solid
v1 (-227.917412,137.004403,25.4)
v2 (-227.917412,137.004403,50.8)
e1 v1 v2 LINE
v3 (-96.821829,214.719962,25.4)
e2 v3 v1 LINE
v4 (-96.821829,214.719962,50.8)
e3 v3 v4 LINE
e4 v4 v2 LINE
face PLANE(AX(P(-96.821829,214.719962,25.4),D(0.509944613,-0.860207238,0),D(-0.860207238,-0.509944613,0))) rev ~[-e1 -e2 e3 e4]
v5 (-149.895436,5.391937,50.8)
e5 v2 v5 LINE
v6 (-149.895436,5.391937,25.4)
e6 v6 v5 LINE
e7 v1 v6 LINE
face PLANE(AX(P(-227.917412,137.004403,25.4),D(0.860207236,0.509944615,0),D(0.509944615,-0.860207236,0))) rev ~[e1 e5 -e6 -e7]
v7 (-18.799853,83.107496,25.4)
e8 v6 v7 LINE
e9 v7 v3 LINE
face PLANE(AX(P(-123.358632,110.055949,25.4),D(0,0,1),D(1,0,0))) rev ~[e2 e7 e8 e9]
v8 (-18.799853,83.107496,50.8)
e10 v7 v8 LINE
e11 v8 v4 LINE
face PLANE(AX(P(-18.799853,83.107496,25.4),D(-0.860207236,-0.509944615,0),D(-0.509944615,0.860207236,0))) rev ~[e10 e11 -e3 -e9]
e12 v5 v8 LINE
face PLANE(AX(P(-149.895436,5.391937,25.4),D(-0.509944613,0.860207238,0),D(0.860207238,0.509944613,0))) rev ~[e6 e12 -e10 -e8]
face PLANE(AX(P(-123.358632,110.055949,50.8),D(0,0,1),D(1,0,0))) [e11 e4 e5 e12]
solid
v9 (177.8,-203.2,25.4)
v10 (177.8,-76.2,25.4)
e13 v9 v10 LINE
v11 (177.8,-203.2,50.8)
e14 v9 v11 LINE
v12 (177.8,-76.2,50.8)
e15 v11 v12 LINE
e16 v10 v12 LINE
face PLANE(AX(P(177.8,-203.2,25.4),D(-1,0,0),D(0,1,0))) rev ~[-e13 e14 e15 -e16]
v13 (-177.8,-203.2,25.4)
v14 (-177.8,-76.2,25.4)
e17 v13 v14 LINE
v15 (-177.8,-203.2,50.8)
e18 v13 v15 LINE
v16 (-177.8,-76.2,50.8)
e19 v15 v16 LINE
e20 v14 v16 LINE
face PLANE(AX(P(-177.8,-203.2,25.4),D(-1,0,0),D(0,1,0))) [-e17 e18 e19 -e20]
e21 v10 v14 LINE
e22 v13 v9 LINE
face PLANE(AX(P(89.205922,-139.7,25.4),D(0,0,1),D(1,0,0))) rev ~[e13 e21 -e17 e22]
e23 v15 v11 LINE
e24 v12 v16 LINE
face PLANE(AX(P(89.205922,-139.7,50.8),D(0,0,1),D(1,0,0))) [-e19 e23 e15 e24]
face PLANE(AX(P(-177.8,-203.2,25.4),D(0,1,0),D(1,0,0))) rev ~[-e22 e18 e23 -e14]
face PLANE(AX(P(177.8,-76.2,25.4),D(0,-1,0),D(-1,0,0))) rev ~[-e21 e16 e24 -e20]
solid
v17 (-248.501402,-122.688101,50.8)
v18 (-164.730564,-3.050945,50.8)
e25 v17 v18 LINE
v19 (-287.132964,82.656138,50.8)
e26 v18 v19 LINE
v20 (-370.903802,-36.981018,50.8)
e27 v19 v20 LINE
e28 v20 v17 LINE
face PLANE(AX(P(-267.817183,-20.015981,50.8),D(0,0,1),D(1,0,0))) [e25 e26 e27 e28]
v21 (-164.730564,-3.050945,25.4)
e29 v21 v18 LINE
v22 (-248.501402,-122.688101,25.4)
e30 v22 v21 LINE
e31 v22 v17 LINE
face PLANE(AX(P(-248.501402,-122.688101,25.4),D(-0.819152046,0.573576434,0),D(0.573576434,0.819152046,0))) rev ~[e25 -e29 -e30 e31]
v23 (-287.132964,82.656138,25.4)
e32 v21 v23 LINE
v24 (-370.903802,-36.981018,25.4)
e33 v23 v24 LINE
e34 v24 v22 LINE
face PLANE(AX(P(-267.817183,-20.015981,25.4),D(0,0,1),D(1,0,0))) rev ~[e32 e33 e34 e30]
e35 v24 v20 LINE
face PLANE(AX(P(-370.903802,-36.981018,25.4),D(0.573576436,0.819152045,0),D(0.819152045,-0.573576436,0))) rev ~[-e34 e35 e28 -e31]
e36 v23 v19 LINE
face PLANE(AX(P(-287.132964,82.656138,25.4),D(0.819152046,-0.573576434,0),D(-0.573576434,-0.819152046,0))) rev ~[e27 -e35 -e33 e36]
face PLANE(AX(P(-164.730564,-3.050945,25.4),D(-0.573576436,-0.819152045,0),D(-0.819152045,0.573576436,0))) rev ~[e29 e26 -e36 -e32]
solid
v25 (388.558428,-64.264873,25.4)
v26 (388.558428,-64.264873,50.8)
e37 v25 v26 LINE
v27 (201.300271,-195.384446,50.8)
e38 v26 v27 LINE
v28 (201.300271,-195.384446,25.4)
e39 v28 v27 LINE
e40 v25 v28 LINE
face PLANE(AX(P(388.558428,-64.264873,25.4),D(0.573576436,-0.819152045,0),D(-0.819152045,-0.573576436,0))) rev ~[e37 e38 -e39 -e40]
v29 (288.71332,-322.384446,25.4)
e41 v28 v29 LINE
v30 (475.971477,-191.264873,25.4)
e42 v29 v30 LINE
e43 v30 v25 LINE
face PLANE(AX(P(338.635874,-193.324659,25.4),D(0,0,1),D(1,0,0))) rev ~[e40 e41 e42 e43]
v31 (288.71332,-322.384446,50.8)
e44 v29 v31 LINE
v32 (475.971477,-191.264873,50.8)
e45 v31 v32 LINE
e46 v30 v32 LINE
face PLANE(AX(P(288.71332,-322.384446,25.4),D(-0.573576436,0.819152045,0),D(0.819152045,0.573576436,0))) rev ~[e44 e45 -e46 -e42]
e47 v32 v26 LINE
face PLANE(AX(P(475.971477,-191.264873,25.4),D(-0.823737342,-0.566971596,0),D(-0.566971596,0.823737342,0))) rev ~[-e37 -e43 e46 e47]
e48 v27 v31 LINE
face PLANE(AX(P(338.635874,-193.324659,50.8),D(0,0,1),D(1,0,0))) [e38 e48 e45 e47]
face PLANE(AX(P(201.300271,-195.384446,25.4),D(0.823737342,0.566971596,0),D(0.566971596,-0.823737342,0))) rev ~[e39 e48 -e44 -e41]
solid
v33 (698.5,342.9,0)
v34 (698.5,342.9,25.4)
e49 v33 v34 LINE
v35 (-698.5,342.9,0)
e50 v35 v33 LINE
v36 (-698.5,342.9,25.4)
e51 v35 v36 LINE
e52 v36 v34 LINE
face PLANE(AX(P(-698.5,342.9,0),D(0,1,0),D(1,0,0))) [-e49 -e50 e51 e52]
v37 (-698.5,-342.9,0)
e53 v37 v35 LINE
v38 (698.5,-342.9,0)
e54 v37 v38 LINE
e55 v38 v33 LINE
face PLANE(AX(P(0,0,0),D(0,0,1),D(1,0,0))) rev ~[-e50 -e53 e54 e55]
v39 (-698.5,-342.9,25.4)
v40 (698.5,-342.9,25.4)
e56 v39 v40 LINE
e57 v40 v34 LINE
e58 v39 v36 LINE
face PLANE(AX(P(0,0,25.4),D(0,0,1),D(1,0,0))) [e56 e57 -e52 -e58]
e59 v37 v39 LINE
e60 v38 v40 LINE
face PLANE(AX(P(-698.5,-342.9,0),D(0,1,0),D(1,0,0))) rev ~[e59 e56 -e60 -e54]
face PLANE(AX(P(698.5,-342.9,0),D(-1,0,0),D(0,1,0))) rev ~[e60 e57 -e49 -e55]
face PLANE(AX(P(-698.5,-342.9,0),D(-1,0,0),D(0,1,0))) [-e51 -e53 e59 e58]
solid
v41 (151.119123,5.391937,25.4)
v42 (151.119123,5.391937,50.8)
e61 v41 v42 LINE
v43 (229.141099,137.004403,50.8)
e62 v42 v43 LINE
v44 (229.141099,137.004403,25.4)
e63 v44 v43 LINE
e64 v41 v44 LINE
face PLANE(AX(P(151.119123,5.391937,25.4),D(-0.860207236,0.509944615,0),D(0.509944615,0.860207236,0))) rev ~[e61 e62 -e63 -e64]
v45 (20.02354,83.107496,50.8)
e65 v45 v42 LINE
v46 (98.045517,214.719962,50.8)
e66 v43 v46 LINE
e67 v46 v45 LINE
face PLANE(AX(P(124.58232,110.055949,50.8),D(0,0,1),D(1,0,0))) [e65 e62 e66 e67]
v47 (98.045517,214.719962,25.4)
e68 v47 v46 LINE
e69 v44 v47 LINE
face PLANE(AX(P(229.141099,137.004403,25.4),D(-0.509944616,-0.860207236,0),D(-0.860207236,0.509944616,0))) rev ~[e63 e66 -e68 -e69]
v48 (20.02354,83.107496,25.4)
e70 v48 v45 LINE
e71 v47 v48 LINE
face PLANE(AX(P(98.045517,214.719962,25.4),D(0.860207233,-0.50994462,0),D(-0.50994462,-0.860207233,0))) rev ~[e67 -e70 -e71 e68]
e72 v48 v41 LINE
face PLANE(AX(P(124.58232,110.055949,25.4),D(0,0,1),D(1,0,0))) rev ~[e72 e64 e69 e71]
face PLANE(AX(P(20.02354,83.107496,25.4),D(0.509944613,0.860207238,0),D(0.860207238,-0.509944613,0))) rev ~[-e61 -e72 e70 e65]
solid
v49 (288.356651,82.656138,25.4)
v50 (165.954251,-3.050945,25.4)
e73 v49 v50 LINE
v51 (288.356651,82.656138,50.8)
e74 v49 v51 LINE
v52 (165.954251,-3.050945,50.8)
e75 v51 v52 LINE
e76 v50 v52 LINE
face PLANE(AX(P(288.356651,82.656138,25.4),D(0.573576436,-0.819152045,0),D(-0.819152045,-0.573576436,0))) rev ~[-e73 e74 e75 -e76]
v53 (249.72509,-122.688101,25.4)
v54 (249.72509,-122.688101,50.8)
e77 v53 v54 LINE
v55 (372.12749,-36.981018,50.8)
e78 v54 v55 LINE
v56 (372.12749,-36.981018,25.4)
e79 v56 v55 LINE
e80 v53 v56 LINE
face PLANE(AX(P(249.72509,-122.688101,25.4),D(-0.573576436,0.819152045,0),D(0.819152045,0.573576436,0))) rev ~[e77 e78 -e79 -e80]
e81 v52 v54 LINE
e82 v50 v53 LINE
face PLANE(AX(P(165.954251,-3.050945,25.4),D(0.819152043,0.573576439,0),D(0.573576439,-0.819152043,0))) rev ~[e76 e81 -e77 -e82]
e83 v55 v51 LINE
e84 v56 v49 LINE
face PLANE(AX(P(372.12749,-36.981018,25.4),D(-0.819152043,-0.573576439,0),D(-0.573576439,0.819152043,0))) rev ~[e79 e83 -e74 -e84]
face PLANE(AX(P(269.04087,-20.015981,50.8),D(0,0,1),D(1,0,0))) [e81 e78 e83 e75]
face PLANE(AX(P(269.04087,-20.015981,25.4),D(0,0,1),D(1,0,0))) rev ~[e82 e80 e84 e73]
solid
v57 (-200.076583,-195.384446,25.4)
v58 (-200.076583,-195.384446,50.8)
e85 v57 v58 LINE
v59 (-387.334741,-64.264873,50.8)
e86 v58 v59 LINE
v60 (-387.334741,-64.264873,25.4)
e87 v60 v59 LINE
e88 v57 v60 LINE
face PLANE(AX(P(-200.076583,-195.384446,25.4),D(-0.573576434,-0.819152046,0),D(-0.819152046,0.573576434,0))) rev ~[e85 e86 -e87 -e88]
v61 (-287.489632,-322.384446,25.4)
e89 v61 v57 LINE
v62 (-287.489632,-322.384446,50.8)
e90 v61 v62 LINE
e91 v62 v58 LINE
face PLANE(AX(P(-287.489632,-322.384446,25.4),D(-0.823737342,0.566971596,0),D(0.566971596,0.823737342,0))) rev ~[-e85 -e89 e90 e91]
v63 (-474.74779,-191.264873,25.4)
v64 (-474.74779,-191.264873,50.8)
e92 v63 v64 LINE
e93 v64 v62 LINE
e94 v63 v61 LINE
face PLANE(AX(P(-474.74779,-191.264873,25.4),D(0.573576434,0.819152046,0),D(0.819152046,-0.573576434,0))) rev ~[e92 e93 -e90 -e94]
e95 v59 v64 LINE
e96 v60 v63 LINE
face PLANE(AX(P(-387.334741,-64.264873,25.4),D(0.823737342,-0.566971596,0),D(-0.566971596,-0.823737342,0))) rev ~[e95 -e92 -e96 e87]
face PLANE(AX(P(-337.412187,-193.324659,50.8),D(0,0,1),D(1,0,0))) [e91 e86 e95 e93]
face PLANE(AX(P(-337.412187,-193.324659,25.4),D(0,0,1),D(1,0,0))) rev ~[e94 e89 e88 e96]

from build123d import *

# Parameters (mm, degrees)
F0_W     = 1397
F0_H     = 685.8
F1_DEPTH = 25.4
F2_W     = 177.188156
F2_H     = 127
F2_W_2   = 178.411844
F3_DEPTH = 25.4


with BuildPart() as f1:
    # F0 (on Top) → F1 (new body)
    with BuildSketch(Plane.XY):
        Rectangle(F0_W, F0_H)
    extrude(amount=F1_DEPTH)


with BuildPart() as f3:
    # F2 (on face) → F3 (new body)
    with BuildSketch(Plane.XY.offset(25.4)):
        with Locations((89.205922, -139.7)):
            Rectangle(F2_W, F2_H)
        with Locations((-88.594078, -139.7)):
            Rectangle(F2_W_2, F2_H)
        Polygon((-200.076583, -195.384446), (-387.334741, -64.264873), (-474.74779, -191.264873), (-287.489632, -322.384446), align=None)
        Polygon((-164.730564, -3.050945), (-287.132964, 82.656138), (-370.903802, -36.981018), (-248.501402, -122.688101), align=None)
        Polygon((-18.799853, 83.107496), (-96.821829, 214.719962), (-227.917412, 137.004403), (-149.895436, 5.391937), align=None)
        Polygon((229.141099, 137.004403), (98.045517, 214.719962), (20.02354, 83.107496), (151.119123, 5.391937), align=None)
        Polygon((372.12749, -36.981018), (288.356651, 82.656138), (165.954251, -3.050945), (249.72509, -122.688101), align=None)
        Polygon((475.971477, -191.264873), (388.558428, -64.264873), (201.300271, -195.384446), (288.71332, -322.384446), align=None)
    extrude(amount=F3_DEPTH)


solid = Compound([f1.part, f3.part])
